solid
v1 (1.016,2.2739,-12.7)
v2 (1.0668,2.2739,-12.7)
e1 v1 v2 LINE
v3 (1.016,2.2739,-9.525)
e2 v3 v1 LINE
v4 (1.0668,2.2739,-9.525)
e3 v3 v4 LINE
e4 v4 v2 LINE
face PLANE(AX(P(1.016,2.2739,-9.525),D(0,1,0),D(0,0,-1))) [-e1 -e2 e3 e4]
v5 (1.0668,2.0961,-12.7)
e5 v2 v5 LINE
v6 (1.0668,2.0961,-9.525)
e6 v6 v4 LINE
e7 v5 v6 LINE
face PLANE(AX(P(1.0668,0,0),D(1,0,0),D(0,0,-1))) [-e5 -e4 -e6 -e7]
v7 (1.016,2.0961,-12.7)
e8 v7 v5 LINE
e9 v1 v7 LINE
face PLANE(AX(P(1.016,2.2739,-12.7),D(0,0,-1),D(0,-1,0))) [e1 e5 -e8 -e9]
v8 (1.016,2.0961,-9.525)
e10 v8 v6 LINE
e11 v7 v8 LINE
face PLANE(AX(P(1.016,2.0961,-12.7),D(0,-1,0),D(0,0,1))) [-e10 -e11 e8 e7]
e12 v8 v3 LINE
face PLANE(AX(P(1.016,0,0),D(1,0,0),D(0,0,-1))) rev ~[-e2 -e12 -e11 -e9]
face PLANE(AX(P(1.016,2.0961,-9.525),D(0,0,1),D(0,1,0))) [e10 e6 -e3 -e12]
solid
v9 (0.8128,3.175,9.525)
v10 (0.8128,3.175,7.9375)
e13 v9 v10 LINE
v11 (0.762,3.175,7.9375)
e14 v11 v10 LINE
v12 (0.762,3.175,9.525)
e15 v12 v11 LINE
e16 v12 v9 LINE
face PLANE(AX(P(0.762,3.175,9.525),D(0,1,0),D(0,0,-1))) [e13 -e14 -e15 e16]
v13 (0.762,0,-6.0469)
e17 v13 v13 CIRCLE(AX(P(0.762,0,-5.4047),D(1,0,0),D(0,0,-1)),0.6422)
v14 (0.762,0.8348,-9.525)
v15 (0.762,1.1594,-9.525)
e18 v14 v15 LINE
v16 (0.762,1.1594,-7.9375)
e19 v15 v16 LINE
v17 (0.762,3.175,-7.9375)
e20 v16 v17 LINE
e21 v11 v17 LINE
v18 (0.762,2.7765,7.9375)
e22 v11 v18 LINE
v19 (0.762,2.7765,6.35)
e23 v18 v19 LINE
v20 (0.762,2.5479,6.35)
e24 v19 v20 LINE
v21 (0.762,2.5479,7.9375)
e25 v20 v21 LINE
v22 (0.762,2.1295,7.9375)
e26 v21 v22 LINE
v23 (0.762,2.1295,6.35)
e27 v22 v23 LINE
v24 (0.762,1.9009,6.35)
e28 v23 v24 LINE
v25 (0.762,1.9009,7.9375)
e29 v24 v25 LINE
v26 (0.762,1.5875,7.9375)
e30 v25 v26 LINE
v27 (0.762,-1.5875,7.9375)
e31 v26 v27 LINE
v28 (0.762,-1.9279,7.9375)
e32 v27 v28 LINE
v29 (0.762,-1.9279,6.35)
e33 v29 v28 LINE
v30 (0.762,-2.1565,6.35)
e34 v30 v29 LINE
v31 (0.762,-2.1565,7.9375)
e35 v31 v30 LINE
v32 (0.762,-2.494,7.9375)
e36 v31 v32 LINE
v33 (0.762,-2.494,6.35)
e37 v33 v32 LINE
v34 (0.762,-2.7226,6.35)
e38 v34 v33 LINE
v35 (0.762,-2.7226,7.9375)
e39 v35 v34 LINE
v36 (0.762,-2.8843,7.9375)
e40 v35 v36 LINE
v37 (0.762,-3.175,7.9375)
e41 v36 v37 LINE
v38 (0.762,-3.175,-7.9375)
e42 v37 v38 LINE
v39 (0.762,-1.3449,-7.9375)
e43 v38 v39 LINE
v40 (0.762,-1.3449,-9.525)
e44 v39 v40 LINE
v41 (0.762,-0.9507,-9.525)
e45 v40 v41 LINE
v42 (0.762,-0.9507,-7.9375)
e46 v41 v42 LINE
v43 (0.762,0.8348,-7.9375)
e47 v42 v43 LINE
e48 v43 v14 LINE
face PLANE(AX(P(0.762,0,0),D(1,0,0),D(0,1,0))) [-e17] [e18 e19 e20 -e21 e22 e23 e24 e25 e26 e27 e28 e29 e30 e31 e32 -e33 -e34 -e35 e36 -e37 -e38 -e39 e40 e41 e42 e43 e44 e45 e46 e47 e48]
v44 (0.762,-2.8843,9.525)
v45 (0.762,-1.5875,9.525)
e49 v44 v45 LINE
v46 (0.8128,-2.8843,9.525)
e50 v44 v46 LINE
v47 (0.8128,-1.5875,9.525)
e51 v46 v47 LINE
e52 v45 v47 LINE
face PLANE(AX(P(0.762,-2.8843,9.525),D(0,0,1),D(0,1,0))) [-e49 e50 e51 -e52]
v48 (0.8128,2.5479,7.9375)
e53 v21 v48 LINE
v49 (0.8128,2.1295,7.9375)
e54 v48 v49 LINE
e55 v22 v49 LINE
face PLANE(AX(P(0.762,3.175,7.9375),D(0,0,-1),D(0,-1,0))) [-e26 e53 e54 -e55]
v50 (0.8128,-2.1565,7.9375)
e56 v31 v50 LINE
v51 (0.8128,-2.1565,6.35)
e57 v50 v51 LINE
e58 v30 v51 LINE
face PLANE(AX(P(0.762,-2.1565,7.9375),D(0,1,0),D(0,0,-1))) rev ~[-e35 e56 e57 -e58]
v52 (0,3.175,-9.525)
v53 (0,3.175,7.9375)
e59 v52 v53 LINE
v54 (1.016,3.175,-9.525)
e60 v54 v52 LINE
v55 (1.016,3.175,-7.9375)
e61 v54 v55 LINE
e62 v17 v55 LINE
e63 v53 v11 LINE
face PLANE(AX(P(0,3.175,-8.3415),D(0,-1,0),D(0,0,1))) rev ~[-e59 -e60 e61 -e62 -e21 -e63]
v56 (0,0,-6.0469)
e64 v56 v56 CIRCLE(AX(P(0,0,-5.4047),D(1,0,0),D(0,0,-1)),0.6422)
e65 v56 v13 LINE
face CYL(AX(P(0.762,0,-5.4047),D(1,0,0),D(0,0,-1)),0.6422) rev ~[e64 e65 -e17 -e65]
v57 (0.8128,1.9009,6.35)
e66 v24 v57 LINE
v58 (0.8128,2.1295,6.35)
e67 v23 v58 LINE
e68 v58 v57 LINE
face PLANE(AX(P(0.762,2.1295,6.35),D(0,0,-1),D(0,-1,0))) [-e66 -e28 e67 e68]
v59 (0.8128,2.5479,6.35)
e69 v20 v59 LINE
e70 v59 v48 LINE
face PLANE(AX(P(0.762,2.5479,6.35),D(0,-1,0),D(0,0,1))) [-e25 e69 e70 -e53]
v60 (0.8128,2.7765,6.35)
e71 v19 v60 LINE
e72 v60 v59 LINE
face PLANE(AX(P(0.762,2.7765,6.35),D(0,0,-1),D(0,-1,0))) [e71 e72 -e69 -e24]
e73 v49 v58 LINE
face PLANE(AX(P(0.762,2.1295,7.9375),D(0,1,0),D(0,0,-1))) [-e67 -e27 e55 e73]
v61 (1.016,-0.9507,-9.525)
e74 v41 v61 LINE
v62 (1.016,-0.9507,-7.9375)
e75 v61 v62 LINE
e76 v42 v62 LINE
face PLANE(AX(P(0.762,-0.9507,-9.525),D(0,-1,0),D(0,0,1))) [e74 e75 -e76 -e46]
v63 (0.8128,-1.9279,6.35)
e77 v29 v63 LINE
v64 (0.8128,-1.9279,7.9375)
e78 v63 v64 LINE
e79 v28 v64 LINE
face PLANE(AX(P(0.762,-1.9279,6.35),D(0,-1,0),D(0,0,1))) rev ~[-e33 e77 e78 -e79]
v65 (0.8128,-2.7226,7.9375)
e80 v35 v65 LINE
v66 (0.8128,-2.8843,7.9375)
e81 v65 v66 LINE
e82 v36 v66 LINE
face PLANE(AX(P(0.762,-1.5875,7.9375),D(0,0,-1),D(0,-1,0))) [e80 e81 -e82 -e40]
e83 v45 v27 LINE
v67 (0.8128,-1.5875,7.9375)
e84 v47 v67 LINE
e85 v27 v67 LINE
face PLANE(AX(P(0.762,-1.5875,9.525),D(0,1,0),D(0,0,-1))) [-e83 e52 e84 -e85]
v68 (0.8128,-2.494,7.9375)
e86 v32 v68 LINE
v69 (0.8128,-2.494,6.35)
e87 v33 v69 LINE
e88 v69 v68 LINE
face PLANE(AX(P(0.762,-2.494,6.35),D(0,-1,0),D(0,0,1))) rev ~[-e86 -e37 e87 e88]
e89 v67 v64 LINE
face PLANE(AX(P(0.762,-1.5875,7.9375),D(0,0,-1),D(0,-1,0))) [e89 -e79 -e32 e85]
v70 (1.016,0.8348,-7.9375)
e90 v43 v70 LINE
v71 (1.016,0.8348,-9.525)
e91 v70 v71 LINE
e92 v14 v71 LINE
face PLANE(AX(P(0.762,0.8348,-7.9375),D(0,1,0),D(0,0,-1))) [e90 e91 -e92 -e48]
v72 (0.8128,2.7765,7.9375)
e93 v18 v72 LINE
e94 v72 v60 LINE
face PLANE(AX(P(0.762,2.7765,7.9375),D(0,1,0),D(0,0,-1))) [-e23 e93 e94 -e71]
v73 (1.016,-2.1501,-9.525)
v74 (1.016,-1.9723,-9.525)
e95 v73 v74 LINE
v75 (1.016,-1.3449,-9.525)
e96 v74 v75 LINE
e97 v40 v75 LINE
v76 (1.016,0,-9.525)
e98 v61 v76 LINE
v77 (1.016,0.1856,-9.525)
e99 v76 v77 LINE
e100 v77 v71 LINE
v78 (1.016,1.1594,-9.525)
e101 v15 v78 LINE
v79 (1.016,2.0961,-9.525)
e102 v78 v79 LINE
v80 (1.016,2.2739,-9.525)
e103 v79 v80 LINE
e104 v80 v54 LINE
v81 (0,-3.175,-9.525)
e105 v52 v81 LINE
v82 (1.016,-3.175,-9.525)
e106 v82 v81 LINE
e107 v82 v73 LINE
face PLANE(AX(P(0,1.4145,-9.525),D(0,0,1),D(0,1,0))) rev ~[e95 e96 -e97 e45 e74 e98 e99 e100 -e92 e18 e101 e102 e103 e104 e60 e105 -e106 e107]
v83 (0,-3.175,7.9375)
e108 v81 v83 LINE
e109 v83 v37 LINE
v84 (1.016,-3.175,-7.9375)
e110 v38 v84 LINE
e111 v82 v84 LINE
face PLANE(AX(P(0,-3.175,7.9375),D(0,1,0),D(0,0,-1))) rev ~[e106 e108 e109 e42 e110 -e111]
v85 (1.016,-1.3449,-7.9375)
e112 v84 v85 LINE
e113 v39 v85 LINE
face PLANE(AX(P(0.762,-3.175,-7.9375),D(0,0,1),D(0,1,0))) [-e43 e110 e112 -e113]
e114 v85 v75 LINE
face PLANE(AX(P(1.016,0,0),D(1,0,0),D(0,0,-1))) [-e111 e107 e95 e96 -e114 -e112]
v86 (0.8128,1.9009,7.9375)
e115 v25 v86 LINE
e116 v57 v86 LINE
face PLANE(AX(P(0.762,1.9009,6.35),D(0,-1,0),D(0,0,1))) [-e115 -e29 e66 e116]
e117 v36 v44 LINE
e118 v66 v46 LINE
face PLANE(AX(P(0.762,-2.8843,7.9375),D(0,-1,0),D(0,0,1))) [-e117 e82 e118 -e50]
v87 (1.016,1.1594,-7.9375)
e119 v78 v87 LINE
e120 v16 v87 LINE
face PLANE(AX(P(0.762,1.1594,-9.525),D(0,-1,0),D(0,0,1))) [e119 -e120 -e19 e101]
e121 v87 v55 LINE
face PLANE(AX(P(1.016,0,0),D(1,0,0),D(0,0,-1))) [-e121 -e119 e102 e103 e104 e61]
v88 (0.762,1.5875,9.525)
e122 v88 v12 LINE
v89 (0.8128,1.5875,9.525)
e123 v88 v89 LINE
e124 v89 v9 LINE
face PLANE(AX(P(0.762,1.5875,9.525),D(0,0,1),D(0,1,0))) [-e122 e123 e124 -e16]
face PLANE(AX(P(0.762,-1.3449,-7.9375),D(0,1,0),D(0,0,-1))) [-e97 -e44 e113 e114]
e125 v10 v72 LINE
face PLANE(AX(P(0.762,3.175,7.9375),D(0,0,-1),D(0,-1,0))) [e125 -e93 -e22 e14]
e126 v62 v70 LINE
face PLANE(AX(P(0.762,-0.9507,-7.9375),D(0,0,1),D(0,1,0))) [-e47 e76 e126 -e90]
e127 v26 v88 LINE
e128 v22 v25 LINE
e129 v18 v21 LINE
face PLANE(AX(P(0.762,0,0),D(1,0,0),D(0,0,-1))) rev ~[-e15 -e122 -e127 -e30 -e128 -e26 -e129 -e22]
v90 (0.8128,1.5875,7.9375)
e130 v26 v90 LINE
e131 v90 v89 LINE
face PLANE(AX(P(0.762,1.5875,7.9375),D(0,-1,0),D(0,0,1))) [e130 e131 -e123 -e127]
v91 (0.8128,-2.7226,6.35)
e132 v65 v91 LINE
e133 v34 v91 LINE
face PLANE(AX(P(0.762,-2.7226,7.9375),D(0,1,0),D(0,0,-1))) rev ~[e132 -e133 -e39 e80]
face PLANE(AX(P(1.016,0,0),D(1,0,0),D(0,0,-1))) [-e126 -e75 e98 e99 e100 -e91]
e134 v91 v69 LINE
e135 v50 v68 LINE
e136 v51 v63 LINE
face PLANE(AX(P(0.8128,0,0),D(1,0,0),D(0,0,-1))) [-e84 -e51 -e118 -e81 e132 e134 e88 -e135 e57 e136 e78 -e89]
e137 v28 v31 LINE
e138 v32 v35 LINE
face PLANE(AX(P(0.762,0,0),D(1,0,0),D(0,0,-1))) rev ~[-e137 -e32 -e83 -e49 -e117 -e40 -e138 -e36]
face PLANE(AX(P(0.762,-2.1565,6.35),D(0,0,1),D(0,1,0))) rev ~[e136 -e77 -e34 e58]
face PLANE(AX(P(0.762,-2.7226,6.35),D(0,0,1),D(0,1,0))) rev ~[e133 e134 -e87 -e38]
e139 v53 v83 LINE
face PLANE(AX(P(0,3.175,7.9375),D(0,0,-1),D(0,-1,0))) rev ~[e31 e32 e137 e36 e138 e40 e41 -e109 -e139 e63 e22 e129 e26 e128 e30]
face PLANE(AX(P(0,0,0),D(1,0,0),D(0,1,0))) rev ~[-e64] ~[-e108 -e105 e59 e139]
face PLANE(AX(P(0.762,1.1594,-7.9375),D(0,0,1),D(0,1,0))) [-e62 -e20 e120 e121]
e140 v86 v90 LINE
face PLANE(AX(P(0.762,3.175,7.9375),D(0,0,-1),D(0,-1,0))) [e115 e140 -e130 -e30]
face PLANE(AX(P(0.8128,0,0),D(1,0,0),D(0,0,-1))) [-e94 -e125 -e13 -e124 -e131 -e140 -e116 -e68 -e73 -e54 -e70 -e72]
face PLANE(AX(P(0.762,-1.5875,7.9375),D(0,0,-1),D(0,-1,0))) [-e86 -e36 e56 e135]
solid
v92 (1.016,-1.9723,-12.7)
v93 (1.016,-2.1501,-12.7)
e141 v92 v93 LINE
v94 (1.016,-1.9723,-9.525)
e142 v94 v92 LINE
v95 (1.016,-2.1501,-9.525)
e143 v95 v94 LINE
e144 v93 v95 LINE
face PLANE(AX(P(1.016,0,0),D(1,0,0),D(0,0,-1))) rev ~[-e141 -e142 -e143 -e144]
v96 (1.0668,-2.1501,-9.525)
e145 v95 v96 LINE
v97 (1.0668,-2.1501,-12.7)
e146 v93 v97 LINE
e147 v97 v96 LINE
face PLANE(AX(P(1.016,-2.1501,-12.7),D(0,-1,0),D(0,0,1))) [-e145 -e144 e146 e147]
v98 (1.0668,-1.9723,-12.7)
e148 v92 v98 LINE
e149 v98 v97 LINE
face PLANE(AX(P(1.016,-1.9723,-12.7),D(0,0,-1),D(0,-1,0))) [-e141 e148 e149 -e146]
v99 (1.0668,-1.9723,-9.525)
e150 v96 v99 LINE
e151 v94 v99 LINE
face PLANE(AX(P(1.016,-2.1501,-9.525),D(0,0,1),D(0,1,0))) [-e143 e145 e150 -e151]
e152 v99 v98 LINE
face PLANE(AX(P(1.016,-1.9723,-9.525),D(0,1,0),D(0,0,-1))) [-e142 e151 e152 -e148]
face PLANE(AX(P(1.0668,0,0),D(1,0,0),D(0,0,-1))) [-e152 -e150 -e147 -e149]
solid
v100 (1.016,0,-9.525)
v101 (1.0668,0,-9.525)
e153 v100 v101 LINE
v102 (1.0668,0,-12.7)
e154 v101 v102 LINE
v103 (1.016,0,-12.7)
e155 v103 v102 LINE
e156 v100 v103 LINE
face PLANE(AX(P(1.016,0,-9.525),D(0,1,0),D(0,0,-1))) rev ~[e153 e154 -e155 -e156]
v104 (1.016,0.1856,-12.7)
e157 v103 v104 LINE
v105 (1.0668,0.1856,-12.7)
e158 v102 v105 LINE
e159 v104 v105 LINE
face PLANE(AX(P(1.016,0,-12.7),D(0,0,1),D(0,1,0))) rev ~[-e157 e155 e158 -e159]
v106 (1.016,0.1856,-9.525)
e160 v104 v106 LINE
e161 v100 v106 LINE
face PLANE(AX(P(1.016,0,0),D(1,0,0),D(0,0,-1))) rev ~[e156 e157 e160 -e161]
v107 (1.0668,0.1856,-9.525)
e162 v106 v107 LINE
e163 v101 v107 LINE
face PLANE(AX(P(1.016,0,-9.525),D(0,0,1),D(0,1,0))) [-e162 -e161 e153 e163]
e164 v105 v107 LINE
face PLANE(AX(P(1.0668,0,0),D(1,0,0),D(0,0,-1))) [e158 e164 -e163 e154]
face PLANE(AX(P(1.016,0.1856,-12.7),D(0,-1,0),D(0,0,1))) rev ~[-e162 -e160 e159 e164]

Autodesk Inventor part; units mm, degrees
ref_plane "YZ Plane" through (0, 0, 0) normal (1, 0, 0) x (0, 1, 0)
ref_plane "XZ Plane" through (0, 0, 0) normal (0, 1, 0) x (-1, 0, 0)
ref_plane "XY Plane" through (0, 0, 0) normal (0, 0, 1) x (1, 0, 0)
sketch "Sketch1" plane through (0, 0, 0) normal (1, 0, 0) x (0, 1, 0)
  line L0 (3.175, 7.9375) -> (-3.175, 7.9375)
  line L1 (-3.175, 7.9375) -> (-3.175, -9.525)
  line L2 (-3.175, -9.525) -> (3.175, -9.525)
  line L3 (3.175, -9.525) -> (3.175, 7.9375)
  line L4 (3.175, -8.3415) -> (1.4145, -8.3415)
  line L5 (1.4145, -8.3415) -> (1.4145, -9.525)
  line L6 (1.4145, -9.525) -> (3.175, -9.525)
  line L7 (3.175, -9.525) -> (3.175, -8.3415)
  line L8 (1.113, -8.3415) -> (-0.7652, -8.3415)
  line L9 (-0.7652, -8.3415) -> (-0.7652, -9.525)
  line L10 (-0.7652, -9.525) -> (1.113, -9.525)
  line L11 (1.113, -9.525) -> (1.113, -8.3415)
  line L12 (-1.2985, -8.3415) -> (-3.175, -8.3415)
  line L13 (-3.175, -8.3415) -> (-3.175, -9.525)
  line L14 (-3.175, -9.525) -> (-1.2985, -9.525)
  line L15 (-1.2985, -9.525) -> (-1.2985, -8.3415)
  point P0 (0, 0)
extrude "Extrusion1" add sketch "Sketch1" along normal blind 0.762
sketch "Sketch2" plane through (0.762, 0, 0) normal (1, 0, 0) x (0, 0, -1)
  line L0 (9.525, 3.175) -> (-7.9375, 3.175) projected
  line L1 (9.525, -3.175) -> (9.525, 3.175) projected
  line L2 (7.9375, 3.175) -> (9.525, 3.175)
  line L3 (9.525, 3.175) -> (9.525, 1.1594)
  line L4 (9.525, 1.1594) -> (7.9375, 1.1594)
  line L5 (7.9375, 1.1594) -> (7.9375, 3.175)
  line L6 (7.9375, 0.8348) -> (9.525, 0.8348)
  line L7 (9.525, 0.8348) -> (9.525, -0.9507)
  line L8 (9.525, -0.9507) -> (7.9375, -0.9507)
  line L9 (7.9375, -0.9507) -> (7.9375, 0.8348)
  line L10 (7.9375, -1.3449) -> (9.525, -1.3449)
  line L11 (9.525, -1.3449) -> (9.525, -3.175)
  line L12 (9.525, -3.175) -> (7.9375, -3.175)
  line L13 (7.9375, -3.175) -> (7.9375, -1.3449)
  point P0 (0, 0)
extrude "Extrusion2" add sketch "Sketch2" along normal blind 0.254
sketch "Sketch3" plane through (1.016, 0, 0) normal (1, 0, 0) x (0, 0, -1)
  line L0 (9.525, 2.2739) -> (12.7, 2.2739)
  line L1 (12.7, 2.2739) -> (12.7, 2.0961)
  line L2 (12.7, 2.0961) -> (9.525, 2.0961)
  line L3 (9.525, 2.0961) -> (9.525, 2.2739)
  line L4 (9.525, -3.175) -> (9.525, 3.175) projected
  line L5 (9.525, 0) -> (12.7, 0)
  line L6 (12.7, 0) -> (12.7, 0.1856)
  line L7 (12.7, 0.1856) -> (9.525, 0.1856)
  line L8 (9.525, 0.1856) -> (9.525, 0)
  line L9 (9.525, -1.9723) -> (12.7, -1.9723)
  line L10 (12.7, -1.9723) -> (12.7, -2.1501)
  line L11 (12.7, -2.1501) -> (9.525, -2.1501)
  line L12 (9.525, -2.1501) -> (9.525, -1.9723)
  point P0 (0, 0)
  dimension "d4" = 0.1778
  dimension "d5" = 0.1778
extrude "Extrusion3" add sketch "Sketch3" along normal blind 0.0508
sketch "Sketch4" plane through (0.762, 0, 0) normal (1, 0, 0) x (0, 0, -1)
  circle A0 centre (5.4047, 0) radius 0.6422
  point P0 (0, 0)
extrude "Extrusion4" cut sketch "Sketch4" against normal mid plane 25.4
sketch "Sketch5" plane through (0.762, 0, 0) normal (1, 0, 0) x (0, 0, -1)
  line L0 (-7.9375, 3.175) -> (-7.9375, -3.175) projected
  line L1 (-7.9375, 2.7765) -> (-6.35, 2.7765)
  line L2 (-6.35, 2.7765) -> (-6.35, 2.5479)
  line L3 (-6.35, 2.5479) -> (-7.9375, 2.5479)
  line L4 (-7.9375, 2.5479) -> (-7.9375, 2.7765)
  line L5 (-7.9375, 2.1295) -> (-6.35, 2.1295)
  line L6 (-6.35, 2.1295) -> (-6.35, 1.9009)
  line L7 (-6.35, 1.9009) -> (-7.9375, 1.9009)
  line L8 (-7.9375, 1.9009) -> (-7.9375, 2.1295)
  line L9 (-7.9375, -2.7226) -> (-6.35, -2.7226)
  line L10 (-6.35, -2.7226) -> (-6.35, -2.494)
  line L11 (-6.35, -2.494) -> (-7.9375, -2.494)
  line L12 (-7.9375, -2.494) -> (-7.9375, -2.7226)
  line L13 (-7.9375, -2.1565) -> (-6.35, -2.1565)
  line L14 (-6.35, -2.1565) -> (-6.35, -1.9279)
  line L15 (-6.35, -1.9279) -> (-7.9375, -1.9279)
  line L16 (-7.9375, -1.9279) -> (-7.9375, -2.1565)
  point P0 (0, 0)
  dimension "d10" = 0.2286
  dimension "d11" = 0.2286
  dimension "d12" = 0.2286
  dimension "d13" = 0.2286
extrude "Extrusion5" add sketch "Sketch5" along normal blind 0.0508
sketch "Sketch6" plane through (0.762, 0, 0) normal (1, 0, 0) x (0, 0, -1)
  line L0 (-7.9375, 3.175) -> (-7.9375, -3.175) projected
  line L1 (-7.9375, 1.5875) -> (-9.525, 1.5875)
  line L2 (-9.525, 1.5875) -> (-9.525, 3.175)
  line L3 (-9.525, 3.175) -> (-7.9375, 3.175)
  line L4 (-7.9375, 3.175) -> (-7.9375, 1.5875)
  line L5 (-7.9375, -2.8843) -> (-9.525, -2.8843)
  line L6 (-9.525, -2.8843) -> (-9.525, -1.5875)
  line L7 (-9.525, -1.5875) -> (-7.9375, -1.5875)
  line L8 (-7.9375, -1.5875) -> (-7.9375, -2.8843)
  point P0 (0, 0)
extrude "Extrusion6" add sketch "Sketch6" along normal blind 0.0508
properties part number "SENSOR"
